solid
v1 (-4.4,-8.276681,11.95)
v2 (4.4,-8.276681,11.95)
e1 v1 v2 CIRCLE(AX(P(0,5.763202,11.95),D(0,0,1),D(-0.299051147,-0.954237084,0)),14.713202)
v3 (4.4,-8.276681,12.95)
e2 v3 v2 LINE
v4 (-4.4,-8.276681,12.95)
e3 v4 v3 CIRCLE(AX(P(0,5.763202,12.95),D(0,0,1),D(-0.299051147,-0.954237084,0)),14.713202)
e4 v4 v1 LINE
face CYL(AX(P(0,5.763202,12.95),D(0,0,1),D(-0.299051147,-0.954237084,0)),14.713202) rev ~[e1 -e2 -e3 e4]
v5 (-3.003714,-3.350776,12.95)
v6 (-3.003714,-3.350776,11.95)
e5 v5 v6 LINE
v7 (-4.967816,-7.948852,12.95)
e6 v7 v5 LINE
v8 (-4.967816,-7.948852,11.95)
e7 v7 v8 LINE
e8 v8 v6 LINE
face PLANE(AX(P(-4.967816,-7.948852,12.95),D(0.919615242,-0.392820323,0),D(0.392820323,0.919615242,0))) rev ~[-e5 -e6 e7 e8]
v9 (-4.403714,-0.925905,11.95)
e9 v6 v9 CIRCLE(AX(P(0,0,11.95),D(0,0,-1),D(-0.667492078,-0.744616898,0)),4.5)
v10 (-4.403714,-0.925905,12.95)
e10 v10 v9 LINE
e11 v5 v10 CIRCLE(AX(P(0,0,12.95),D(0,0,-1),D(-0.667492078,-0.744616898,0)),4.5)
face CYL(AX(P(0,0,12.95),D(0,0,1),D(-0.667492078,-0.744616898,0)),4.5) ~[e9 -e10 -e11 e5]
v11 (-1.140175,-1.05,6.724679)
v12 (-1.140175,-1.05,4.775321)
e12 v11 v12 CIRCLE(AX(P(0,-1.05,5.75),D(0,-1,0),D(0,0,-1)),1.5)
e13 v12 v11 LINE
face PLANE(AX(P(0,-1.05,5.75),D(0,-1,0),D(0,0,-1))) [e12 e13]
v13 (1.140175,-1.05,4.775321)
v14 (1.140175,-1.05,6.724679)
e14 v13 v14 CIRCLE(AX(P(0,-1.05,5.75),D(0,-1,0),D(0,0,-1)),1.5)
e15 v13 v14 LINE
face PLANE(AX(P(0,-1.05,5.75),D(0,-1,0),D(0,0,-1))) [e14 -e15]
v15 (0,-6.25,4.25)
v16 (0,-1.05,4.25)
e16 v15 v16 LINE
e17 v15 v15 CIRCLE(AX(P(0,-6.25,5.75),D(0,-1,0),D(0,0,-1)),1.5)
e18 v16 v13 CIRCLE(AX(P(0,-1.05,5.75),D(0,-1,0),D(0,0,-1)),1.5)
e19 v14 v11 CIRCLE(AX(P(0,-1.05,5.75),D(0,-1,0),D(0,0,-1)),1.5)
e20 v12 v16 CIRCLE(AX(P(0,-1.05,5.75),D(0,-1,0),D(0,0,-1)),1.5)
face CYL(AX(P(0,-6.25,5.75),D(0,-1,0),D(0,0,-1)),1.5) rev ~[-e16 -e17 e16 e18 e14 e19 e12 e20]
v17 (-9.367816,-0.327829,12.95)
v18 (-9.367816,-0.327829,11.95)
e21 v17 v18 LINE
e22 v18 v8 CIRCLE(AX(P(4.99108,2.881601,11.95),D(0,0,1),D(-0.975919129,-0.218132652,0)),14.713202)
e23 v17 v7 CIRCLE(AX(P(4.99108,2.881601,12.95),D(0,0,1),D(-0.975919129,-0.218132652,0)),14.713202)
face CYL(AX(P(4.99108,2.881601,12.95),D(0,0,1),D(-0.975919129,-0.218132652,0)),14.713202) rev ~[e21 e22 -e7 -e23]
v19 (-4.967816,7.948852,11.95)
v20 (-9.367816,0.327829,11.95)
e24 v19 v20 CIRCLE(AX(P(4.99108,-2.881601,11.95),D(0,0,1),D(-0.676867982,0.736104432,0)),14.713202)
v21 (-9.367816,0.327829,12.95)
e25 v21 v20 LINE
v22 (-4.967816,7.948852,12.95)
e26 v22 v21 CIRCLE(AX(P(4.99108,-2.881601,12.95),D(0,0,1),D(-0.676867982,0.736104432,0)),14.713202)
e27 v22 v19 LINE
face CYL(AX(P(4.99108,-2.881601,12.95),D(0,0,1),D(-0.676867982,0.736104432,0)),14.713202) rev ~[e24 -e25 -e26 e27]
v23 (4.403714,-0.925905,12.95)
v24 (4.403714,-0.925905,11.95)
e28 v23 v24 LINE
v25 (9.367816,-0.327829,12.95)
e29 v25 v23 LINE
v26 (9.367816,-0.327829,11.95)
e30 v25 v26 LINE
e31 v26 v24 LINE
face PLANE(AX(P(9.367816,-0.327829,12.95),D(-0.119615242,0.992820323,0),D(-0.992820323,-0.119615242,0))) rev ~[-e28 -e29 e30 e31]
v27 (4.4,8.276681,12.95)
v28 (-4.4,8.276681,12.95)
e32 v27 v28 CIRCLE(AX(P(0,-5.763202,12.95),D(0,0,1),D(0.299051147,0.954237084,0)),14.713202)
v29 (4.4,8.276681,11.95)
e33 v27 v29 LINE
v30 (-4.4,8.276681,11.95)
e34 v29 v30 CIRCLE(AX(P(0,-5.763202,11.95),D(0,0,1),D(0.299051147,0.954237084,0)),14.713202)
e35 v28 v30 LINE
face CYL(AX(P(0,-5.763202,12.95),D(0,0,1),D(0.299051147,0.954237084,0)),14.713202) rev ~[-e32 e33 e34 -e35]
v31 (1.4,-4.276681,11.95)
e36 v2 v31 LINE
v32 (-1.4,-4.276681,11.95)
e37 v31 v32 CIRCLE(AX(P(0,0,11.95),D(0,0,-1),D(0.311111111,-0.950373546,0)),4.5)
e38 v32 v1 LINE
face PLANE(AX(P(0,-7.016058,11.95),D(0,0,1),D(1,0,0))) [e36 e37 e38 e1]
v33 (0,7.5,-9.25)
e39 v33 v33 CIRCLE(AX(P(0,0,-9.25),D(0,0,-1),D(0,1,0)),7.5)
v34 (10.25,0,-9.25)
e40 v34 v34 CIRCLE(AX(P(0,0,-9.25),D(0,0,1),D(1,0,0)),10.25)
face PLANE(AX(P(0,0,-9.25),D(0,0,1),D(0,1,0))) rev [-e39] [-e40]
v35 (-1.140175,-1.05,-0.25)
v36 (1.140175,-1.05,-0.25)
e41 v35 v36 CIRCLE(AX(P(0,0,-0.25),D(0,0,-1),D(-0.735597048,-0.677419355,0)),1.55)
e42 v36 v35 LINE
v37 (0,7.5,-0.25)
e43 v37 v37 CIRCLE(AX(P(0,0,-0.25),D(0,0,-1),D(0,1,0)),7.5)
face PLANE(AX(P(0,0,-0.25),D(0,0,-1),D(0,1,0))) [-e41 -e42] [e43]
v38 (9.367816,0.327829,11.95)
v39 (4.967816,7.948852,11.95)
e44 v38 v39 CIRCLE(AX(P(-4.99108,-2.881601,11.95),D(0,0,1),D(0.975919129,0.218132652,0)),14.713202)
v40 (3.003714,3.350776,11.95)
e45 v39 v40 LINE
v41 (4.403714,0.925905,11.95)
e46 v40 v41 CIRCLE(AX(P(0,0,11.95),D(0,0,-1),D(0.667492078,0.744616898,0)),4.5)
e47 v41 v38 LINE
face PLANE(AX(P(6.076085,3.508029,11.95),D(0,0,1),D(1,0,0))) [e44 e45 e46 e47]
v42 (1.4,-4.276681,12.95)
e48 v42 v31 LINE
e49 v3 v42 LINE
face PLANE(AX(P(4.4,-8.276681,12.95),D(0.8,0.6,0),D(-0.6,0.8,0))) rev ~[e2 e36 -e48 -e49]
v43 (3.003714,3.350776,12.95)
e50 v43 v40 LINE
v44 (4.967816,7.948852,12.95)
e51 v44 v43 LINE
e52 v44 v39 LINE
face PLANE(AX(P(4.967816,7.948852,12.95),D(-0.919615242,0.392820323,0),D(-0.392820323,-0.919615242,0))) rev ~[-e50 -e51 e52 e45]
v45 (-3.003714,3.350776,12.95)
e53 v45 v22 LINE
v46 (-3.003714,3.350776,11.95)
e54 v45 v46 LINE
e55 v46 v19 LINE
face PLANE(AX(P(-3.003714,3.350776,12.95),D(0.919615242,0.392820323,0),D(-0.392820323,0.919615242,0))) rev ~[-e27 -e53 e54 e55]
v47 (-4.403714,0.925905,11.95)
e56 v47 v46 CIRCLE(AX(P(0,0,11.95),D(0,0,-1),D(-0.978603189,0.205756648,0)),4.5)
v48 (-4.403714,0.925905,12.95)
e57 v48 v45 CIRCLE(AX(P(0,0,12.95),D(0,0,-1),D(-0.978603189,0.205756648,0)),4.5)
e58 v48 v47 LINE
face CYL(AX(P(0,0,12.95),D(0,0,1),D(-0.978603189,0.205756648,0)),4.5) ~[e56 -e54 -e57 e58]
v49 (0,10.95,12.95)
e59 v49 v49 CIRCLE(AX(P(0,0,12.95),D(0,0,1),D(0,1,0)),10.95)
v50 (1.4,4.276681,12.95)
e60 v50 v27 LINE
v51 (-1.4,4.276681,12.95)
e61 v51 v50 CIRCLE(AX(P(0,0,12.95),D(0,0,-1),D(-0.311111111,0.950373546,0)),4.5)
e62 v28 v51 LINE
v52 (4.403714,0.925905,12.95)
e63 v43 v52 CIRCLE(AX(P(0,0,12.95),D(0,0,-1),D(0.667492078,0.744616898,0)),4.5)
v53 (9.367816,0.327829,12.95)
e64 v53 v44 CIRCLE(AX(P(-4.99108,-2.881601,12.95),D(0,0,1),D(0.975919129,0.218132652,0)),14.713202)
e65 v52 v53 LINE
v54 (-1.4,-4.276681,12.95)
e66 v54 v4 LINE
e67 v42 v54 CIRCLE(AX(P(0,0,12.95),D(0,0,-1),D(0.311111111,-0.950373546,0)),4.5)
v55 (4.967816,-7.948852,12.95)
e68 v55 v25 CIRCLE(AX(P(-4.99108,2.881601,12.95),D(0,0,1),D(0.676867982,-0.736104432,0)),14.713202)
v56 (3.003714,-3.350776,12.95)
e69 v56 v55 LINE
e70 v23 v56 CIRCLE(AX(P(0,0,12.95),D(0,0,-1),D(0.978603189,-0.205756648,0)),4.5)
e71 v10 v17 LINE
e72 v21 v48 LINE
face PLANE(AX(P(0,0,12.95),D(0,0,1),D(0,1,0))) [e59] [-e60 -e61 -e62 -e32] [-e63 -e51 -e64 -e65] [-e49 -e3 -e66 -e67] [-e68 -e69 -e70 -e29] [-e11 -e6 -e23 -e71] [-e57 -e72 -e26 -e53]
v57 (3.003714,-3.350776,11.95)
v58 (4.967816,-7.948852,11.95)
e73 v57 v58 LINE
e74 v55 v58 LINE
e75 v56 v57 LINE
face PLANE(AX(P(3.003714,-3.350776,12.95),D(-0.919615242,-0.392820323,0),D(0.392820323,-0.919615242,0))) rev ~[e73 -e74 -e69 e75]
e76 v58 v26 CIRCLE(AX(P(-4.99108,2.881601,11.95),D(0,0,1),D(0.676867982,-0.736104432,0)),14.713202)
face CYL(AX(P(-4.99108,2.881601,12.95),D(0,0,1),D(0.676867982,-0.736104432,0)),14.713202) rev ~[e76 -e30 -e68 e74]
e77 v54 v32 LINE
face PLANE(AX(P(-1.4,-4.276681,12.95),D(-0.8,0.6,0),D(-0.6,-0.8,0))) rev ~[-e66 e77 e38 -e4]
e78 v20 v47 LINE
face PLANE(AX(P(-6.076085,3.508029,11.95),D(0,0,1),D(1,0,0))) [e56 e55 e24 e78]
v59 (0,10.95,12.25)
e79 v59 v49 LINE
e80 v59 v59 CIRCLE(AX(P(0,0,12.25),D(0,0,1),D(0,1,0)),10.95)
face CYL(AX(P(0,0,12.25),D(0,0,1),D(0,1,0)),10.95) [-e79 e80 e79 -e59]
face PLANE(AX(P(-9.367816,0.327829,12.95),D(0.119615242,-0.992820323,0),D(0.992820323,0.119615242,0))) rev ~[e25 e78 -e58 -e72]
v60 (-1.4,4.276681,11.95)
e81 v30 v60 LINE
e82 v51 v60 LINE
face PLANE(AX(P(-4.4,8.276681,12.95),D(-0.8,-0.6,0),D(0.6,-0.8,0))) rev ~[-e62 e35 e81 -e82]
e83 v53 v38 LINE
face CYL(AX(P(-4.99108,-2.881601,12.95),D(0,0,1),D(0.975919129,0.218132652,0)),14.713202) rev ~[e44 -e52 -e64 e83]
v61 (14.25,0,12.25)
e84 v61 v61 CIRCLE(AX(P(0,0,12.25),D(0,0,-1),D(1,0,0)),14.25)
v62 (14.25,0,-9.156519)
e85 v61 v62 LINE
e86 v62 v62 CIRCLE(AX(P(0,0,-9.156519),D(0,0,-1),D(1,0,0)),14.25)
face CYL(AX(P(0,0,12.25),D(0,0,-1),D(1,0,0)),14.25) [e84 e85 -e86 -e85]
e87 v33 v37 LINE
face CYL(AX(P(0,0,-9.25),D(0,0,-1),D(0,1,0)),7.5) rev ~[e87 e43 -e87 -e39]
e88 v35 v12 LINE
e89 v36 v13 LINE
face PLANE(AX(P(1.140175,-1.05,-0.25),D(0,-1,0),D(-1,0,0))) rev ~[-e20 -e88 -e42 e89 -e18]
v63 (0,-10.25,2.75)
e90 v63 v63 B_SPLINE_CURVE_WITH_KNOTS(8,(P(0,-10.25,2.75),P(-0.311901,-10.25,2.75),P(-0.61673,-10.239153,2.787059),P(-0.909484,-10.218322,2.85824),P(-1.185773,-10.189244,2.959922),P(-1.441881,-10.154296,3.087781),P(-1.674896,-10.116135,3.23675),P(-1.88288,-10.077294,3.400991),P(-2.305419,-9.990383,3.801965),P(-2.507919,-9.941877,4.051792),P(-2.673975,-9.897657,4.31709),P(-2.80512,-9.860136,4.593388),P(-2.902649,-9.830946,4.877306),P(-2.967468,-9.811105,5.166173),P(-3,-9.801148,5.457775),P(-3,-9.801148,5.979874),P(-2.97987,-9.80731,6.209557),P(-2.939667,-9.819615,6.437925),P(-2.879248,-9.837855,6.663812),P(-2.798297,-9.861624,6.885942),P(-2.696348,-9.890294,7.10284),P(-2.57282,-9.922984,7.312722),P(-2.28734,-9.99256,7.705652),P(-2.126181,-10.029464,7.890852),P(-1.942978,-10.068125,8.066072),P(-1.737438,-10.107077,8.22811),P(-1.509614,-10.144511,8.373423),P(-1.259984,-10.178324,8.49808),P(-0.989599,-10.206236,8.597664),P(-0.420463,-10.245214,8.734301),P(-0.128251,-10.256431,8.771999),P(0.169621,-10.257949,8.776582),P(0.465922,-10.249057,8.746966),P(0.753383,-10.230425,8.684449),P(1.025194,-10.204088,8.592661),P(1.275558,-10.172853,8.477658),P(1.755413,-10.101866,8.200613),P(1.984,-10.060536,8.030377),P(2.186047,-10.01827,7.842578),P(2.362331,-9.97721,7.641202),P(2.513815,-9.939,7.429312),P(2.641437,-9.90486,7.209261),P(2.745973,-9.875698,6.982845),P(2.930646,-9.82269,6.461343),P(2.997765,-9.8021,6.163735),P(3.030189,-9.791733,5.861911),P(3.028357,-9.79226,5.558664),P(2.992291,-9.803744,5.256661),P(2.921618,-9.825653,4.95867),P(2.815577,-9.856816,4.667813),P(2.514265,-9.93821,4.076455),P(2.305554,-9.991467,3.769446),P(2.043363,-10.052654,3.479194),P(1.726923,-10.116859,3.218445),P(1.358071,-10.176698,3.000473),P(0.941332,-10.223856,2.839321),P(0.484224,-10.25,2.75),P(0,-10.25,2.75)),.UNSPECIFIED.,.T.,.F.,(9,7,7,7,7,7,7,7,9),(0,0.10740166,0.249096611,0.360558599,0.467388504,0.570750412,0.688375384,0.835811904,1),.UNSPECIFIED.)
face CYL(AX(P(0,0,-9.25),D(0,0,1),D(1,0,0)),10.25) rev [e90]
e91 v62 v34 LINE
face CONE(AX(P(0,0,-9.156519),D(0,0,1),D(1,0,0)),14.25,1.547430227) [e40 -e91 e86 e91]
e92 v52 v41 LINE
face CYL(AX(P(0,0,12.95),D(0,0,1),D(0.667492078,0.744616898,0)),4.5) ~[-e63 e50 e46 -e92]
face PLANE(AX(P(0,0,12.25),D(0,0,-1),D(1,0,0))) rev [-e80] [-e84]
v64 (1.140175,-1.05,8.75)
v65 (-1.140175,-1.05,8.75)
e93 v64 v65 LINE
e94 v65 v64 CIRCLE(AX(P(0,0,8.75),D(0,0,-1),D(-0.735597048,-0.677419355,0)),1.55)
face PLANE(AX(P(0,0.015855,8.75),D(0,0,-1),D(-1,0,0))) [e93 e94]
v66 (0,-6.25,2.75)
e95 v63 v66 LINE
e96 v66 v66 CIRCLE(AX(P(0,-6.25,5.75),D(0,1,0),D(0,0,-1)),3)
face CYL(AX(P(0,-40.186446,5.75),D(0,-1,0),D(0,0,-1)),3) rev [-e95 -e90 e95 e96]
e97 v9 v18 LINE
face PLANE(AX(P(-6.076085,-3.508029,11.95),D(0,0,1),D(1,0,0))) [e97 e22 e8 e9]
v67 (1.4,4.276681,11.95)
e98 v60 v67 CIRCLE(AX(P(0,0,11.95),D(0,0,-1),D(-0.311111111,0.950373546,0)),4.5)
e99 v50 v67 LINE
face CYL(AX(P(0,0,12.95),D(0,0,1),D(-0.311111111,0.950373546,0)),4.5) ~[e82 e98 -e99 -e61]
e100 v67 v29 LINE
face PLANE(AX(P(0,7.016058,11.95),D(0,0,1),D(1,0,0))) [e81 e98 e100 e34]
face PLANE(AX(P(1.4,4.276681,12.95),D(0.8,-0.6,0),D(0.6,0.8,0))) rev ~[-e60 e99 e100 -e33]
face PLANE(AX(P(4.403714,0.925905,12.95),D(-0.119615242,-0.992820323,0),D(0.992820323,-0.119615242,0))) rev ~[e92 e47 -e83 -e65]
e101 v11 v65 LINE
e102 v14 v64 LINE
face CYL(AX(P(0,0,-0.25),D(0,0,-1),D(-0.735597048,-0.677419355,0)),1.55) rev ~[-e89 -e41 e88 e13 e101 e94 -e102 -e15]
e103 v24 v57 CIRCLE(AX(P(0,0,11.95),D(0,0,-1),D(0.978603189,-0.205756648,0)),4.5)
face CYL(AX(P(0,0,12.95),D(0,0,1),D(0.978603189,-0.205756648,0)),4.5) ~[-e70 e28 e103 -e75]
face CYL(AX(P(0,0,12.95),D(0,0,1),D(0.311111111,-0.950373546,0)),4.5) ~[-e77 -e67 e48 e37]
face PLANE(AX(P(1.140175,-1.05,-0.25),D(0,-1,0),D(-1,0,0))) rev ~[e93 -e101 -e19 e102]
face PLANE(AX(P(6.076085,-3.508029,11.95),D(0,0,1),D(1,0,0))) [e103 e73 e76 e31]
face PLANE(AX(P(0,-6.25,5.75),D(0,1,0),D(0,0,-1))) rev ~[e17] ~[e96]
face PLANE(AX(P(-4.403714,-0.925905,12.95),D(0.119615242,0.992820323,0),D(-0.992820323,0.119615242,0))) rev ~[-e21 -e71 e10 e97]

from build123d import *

# Parameters (mm, degrees)
CORTAR_EXTRUIR4_DEPTH      = 1
CROQUIS7_R                 = 7.5
CORTAR_EXTRUIR5_DEPTH      = 9
CORTAR_EXTRUIR6_DEPTH      = 9
CORTAR_EXTRUIR8_DEPTH      = 5
CORTAR_EXTRUIR8_DEPTH_BACK = 28.93644573
CROQUIS10_R                = 3
CROQUIS11_R                = 1.5
CORTAR_EXTRUIR9_DEPTH      = 5.2


with BuildPart() as part:
    # Croquis1 → Revolución1 (revolve)
    with BuildSketch(Plane(origin=(0, 0, 0), x_dir=(0, 0, -1), z_dir=(1, 0, 0))):
        Polygon((0, 0), (9.25, 0), (9.25, 10.25), (-12.25, 10.25), (-12.25, 10.95), (-12.95, 10.95), (-12.95, 0), align=None)
    revolve(axis=Axis((0, 0, 0), (0, 0, 1)))

    # Croquis5 → Cortar-Extruir4 (cut)
    with BuildSketch(Plane.XY.offset(12.95)):
        with BuildLine():
            ThreePointArc((-1.4, 4.276680956), (0, 4.5), (1.4, 4.276680956))
            Line((1.4, 4.276680956), (4.4, 8.276680956))
            ThreePointArc((4.4, 8.276680956), (0, 8.95), (-4.4, 8.276680956))
            Line((-4.4, 8.276680956), (-1.4, 4.276680956))
        make_face()
        with BuildLine():
            Line((4.967815967, 7.948852255), (3.003714352, 3.350776043))
            ThreePointArc((3.003714352, 3.350776043), (3.897114317, 2.25), (4.403714352, 0.925904913))
            Line((4.403714352, 0.925904913), (9.367815967, 0.327828701))
            ThreePointArc((9.367815967, 0.327828701), (7.750927364, 4.475), (4.967815967, 7.948852255))
        make_face()
        with BuildLine():
            Line((9.367815967, -0.327828701), (4.403714352, -0.925904913))
            ThreePointArc((4.403714352, -0.925904913), (3.897114317, -2.25), (3.003714352, -3.350776043))
            Line((3.003714352, -3.350776043), (4.967815967, -7.948852255))
            ThreePointArc((4.967815967, -7.948852255), (7.750927364, -4.475), (9.367815967, -0.327828701))
        make_face()
        with BuildLine():
            Line((4.4, -8.276680956), (1.4, -4.276680956))
            ThreePointArc((1.4, -4.276680956), (0, -4.5), (-1.4, -4.276680956))
            Line((-1.4, -4.276680956), (-4.4, -8.276680956))
            ThreePointArc((-4.4, -8.276680956), (0, -8.95), (4.4, -8.276680956))
        make_face()
        with BuildLine():
            ThreePointArc((-3.003714352, -3.350776043), (-3.897114317, -2.25), (-4.403714352, -0.925904913))
            Line((-4.403714352, -0.925904913), (-9.367815967, -0.327828701))
            ThreePointArc((-9.367815967, -0.327828701), (-7.750927364, -4.475), (-4.967815967, -7.948852255))
            Line((-4.967815967, -7.948852255), (-3.003714352, -3.350776043))
        make_face()
        with BuildLine():
            ThreePointArc((-4.403714352, 0.925904913), (-3.897114317, 2.25), (-3.003714352, 3.350776043))
            Line((-3.003714352, 3.350776043), (-4.967815967, 7.948852255))
            ThreePointArc((-4.967815967, 7.948852255), (-7.750927364, 4.475), (-9.367815967, 0.327828701))
            Line((-9.367815967, 0.327828701), (-4.403714352, 0.925904913))
        make_face()
    extrude(amount=-CORTAR_EXTRUIR4_DEPTH, mode=Mode.SUBTRACT)

    # Croquis7 → Cortar-Extruir5 (cut)
    with BuildSketch(Plane(origin=(0, 0, -9.25), x_dir=(-1, 0, 0), z_dir=(0, 0, -1))):
        with Locations(Location((0, 0, 0), (0, 0, 90))):
            Circle(CROQUIS7_R)
    extrude(amount=-CORTAR_EXTRUIR5_DEPTH, mode=Mode.SUBTRACT)

    # Croquis8 → Cortar-Extruir6 (cut)
    with BuildSketch(Plane(origin=(0, 0, -0.25), x_dir=(-1, 0, 0), z_dir=(0, 0, -1))):
        with BuildLine():
            Line((-1.140175425, -1.05), (1.140175425, -1.05))
            ThreePointArc((1.140175425, -1.05), (0, 1.55), (-1.140175425, -1.05))
        make_face()
    extrude(amount=-CORTAR_EXTRUIR6_DEPTH, mode=Mode.SUBTRACT)

    # Croquis10 → Cortar-Extruir8 (cut, two sides: drawn at the far end of the back side and taken through both)
    with BuildSketch(Plane(origin=(0, -11.25, 0), x_dir=(1, 0, 0), z_dir=(0, 1, 0)).offset(-CORTAR_EXTRUIR8_DEPTH_BACK)):
        with Locations(Location((0, -5.75, 0), (0, 0, 90))):
            Circle(CROQUIS10_R)
    extrude(amount=CORTAR_EXTRUIR8_DEPTH + CORTAR_EXTRUIR8_DEPTH_BACK, mode=Mode.SUBTRACT)

    # Croquis11 → Cortar-Extruir9 (cut)
    with BuildSketch(Plane.XZ.offset(6.25)):
        with Locations(Location((0, 5.75, 0), (0, 0, 270))):
            Circle(CROQUIS11_R)
    extrude(amount=-CORTAR_EXTRUIR9_DEPTH, mode=Mode.SUBTRACT)

    # Croquis12 → Revolución3 (revolve)
    with BuildSketch(Plane(origin=(0, 0, 0), x_dir=(0, 0, -1), z_dir=(1, 0, 0)), mode=Mode.PRIVATE) as revoluci_n3_sk:
        Polygon((-12.25, 10.25), (-12.25, 14.25), (9.156518587, 14.25), (9.25, 10.25), align=None)
    revolve(revoluci_n3_sk.sketch.rotate(Axis((0, 0, 0), (0, 0, -1)), 90), axis=Axis((0, 0, 0), (0, 0, -1)))


solid = part.part
